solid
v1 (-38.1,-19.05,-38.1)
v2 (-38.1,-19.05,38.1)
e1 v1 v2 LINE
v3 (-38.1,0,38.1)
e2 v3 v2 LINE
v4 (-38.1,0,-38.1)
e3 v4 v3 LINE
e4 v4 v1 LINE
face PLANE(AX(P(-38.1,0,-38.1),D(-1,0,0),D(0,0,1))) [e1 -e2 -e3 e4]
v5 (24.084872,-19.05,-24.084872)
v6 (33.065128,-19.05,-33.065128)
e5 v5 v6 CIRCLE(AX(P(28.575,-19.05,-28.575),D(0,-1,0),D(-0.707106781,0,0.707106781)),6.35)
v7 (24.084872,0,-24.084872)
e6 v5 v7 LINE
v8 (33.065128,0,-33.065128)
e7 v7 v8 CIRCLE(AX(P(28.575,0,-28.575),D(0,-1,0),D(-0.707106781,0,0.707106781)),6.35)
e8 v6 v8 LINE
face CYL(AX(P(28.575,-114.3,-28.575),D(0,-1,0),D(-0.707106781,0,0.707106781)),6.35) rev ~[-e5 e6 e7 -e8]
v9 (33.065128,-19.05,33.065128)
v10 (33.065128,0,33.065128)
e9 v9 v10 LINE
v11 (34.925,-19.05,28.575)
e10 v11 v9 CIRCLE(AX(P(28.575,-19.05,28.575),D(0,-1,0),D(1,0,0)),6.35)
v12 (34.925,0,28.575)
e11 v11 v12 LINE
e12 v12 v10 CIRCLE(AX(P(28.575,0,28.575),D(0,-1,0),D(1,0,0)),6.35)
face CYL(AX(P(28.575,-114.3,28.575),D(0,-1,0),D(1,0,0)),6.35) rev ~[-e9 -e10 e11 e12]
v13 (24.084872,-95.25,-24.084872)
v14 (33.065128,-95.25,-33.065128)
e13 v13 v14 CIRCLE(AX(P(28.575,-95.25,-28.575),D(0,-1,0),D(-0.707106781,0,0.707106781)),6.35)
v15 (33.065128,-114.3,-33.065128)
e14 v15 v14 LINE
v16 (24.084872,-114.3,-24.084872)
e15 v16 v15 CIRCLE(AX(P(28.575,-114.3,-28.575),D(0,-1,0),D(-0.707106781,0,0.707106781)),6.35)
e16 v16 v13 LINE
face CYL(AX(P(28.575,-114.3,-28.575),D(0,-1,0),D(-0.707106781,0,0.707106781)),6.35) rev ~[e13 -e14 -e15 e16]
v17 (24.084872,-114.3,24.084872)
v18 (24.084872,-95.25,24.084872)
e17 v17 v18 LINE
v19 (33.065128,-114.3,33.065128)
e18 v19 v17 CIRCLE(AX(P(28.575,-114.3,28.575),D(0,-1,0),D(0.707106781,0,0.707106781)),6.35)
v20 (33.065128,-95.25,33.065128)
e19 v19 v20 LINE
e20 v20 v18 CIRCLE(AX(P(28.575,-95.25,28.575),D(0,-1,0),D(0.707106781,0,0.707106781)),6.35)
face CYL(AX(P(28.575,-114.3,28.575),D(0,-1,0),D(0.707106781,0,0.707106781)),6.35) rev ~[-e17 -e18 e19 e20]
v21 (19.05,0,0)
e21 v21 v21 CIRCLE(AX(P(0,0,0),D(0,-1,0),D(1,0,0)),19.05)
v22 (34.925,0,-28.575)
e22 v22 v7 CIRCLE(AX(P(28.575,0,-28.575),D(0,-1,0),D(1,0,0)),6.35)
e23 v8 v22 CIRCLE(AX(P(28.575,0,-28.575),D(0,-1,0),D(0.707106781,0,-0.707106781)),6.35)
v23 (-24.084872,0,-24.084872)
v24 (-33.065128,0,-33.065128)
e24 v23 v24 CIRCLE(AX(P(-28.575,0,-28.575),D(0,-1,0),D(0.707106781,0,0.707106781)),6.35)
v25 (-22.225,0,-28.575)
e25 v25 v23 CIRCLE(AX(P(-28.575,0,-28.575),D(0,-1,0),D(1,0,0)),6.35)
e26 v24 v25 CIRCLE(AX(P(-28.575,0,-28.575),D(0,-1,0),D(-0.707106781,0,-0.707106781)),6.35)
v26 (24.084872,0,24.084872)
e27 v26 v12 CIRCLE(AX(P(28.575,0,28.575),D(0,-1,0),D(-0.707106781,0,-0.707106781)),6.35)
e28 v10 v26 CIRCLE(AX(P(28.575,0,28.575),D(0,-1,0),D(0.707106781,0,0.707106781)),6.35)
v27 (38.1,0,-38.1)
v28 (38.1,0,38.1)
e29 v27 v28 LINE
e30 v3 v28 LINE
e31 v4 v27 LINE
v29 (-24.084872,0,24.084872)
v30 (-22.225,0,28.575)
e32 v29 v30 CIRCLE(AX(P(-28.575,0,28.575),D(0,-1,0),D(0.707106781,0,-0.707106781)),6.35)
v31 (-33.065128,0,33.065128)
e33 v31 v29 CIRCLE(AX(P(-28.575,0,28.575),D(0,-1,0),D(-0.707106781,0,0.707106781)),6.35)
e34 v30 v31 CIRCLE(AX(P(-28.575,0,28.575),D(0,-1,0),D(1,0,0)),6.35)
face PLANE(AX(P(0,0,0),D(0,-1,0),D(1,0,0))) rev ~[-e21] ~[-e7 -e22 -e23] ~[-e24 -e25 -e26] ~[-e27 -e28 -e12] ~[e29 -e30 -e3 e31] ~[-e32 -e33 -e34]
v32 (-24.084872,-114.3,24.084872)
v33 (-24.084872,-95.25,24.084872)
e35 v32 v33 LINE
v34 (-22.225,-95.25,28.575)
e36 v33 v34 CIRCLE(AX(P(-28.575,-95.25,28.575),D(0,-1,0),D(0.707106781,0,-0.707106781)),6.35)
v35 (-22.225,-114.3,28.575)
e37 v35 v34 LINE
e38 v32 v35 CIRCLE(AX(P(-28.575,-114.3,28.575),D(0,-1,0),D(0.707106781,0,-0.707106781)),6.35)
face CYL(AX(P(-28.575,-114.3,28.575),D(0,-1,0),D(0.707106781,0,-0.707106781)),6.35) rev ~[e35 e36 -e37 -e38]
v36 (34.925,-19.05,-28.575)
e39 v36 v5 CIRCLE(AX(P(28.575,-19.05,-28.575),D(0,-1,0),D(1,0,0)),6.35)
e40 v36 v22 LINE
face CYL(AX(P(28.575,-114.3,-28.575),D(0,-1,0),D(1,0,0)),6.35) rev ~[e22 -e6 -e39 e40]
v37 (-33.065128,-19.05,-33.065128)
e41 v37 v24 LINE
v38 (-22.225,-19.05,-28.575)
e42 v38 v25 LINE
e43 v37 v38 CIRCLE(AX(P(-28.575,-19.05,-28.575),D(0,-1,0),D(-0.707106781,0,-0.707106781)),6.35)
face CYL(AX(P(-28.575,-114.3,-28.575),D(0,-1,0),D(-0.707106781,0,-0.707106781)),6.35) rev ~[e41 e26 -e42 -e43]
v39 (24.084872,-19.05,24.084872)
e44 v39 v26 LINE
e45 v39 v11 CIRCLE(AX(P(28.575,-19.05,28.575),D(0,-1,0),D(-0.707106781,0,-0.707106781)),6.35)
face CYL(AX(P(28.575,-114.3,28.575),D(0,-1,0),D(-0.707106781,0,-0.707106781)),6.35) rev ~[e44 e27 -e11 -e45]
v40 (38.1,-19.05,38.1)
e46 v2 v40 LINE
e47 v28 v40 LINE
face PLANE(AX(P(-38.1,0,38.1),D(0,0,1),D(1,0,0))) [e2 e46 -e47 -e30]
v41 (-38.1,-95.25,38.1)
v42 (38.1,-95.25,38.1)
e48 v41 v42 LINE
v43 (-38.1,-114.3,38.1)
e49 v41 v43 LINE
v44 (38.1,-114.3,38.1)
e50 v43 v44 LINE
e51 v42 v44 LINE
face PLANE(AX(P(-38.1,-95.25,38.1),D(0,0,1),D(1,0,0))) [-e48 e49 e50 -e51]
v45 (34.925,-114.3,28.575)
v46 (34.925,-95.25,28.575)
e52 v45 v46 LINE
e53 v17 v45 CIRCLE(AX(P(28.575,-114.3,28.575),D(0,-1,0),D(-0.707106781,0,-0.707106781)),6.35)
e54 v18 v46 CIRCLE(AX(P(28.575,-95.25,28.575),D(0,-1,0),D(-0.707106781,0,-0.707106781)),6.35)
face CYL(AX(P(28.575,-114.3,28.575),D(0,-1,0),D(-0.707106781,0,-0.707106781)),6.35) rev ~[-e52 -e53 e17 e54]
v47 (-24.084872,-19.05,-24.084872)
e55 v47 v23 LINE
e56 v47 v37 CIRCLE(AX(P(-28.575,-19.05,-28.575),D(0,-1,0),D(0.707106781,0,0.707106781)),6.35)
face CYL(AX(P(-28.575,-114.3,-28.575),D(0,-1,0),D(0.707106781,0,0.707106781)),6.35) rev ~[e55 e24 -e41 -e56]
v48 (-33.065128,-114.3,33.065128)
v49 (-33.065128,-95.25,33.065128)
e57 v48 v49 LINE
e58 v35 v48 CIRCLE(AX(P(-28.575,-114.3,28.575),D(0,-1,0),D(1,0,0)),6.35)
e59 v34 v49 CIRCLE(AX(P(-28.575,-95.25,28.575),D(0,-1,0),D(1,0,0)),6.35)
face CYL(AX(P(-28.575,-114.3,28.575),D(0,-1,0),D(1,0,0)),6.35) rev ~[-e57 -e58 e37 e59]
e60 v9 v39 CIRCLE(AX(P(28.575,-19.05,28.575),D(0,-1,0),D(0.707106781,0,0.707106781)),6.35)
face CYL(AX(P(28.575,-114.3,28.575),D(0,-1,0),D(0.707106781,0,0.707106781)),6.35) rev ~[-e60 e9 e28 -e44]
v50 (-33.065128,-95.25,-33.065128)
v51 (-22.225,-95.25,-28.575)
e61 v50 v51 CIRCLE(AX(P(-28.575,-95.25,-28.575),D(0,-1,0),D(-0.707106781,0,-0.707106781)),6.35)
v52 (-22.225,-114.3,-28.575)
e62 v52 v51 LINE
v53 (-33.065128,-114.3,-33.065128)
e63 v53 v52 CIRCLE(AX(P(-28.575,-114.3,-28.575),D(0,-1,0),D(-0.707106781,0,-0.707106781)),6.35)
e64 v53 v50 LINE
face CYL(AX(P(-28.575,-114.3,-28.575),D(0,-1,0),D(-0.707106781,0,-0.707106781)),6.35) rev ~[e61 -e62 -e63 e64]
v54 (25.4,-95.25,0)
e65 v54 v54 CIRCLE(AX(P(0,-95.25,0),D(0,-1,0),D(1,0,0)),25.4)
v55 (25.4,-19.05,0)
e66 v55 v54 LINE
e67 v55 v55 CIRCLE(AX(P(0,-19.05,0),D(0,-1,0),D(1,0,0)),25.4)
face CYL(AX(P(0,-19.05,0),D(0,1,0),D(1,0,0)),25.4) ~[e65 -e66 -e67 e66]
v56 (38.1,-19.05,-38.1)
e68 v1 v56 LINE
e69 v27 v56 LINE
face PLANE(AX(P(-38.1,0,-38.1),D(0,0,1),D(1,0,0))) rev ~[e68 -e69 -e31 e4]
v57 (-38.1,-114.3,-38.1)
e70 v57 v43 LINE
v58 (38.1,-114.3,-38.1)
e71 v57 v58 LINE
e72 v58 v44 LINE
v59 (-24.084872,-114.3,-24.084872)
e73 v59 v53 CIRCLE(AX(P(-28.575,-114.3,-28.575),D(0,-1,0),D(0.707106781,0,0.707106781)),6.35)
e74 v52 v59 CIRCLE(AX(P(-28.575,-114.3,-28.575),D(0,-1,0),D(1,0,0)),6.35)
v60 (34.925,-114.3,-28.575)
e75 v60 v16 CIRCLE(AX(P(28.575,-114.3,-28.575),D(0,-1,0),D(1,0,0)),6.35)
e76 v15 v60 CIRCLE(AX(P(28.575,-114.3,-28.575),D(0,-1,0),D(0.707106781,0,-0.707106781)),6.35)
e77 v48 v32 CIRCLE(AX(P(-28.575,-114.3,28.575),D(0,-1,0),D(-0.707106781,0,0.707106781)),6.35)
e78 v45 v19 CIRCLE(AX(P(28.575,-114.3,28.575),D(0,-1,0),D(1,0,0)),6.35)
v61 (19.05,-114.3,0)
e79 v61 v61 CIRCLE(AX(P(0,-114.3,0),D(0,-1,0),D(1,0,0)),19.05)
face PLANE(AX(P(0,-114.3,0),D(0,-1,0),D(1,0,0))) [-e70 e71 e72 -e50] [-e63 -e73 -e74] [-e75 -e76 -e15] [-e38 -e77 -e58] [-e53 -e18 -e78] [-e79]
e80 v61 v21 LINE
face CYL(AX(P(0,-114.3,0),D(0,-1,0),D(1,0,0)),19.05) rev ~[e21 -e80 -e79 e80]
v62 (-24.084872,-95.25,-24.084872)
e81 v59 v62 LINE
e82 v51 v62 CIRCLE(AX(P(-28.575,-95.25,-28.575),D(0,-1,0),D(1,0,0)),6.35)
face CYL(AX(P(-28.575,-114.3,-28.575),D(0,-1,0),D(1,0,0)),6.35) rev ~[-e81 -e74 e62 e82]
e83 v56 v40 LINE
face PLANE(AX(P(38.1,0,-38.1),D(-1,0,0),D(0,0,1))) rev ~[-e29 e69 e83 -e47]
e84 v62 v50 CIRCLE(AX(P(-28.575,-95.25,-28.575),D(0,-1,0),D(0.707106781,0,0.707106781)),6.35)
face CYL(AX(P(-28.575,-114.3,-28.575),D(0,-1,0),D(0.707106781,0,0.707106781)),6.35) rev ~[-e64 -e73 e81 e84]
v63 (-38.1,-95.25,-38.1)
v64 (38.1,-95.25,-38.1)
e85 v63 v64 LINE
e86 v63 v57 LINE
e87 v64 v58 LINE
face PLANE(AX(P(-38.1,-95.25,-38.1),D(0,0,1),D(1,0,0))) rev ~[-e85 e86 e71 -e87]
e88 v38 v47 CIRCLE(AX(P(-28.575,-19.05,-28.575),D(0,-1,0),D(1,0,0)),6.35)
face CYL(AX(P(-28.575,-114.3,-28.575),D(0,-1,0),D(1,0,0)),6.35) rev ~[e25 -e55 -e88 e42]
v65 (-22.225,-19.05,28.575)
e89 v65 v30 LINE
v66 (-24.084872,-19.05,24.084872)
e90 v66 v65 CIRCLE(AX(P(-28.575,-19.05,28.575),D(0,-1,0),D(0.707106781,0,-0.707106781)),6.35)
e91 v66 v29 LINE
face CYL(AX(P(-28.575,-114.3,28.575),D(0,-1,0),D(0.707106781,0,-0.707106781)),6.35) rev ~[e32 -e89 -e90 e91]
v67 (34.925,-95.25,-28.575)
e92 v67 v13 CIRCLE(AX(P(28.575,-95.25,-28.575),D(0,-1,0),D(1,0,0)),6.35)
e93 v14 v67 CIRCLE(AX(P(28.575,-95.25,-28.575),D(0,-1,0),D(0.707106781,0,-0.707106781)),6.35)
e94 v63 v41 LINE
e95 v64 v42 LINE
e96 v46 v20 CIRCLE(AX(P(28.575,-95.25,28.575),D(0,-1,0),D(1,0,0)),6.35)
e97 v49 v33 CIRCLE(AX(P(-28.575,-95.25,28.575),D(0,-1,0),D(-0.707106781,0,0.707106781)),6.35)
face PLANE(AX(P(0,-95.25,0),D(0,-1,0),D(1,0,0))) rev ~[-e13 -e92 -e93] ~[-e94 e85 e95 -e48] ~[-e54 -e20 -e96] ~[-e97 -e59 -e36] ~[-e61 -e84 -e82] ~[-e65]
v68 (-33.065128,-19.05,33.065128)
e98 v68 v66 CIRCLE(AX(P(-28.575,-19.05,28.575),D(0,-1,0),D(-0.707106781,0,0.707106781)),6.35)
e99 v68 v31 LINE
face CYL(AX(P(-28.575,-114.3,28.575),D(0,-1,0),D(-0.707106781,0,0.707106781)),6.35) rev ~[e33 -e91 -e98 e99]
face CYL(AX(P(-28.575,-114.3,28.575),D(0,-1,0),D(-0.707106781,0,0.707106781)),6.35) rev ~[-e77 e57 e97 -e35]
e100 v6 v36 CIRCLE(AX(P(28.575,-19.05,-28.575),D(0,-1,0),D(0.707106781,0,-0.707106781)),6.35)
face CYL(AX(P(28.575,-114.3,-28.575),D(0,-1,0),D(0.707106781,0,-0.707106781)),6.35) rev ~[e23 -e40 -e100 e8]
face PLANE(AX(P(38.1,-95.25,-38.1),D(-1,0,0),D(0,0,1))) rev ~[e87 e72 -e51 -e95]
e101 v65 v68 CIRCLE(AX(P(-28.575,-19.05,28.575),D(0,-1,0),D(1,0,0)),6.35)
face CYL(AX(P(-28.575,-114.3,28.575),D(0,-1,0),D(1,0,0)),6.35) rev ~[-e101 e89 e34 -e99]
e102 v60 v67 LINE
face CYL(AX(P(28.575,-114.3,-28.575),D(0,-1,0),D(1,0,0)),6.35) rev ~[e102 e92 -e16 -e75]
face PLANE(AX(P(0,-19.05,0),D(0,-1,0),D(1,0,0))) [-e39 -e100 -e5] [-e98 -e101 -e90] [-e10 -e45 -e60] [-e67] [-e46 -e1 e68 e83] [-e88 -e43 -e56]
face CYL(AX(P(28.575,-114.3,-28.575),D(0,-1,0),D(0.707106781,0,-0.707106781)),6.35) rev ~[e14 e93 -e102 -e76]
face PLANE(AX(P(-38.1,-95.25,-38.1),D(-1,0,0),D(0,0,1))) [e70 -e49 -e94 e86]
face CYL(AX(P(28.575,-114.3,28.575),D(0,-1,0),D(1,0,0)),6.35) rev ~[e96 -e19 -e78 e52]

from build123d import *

# Parameters (mm, degrees)
F0_W     = 76.2
F0_H     = 76.2
F1_DEPTH = 19.05
F2_R     = 25.4
F3_DEPTH = 76.2
F4_W     = 76.2
F4_H     = 76.2
F4_R     = 25.4
F5_DEPTH = 19.05
F6_R     = 19.05
F7_DEPTH = 114.301
F9_DEPTH = 114.301


with BuildPart() as f1:
    # F0 (on Front) → F1 (new body)
    with BuildSketch(Plane.XZ):
        Rectangle(F0_W, F0_H)
    extrude(amount=F1_DEPTH)

    # F2 (on face) → F3 (join)
    with BuildSketch(Plane.XZ.offset(19.05)):
        Circle(F2_R)
    extrude(amount=F3_DEPTH)

    # F4 (on face) → F5 (join)
    with BuildSketch(Plane.XZ.offset(95.25)):
        Rectangle(F4_W, F4_H)
        Circle(F4_R, mode=Mode.SUBTRACT)
        Circle(F4_R)
    extrude(amount=F5_DEPTH)

    # F6 (on face) → F7 (cut, through all)
    with BuildSketch(Plane.XZ.offset(114.3)):
        Circle(F6_R)
    extrude(amount=-F7_DEPTH, mode=Mode.SUBTRACT)

    # F8 (on face) → F9 (cut, through all)
    with BuildSketch(Plane.XZ.offset(114.3)):
        with BuildLine():
            Line((-24.0848719395, 24.0848719395), (-33.0651280605, 33.0651280605))
            ThreePointArc((-33.0651280605, 33.0651280605), (-33.0651280605, 24.0848719395), (-24.0848719395, 24.0848719395))
        make_face()
        with BuildLine():
            ThreePointArc((-22.225, 28.575), (-26.1449602045, 34.4416350314), (-33.0651280605, 33.0651280605))
            Line((-33.0651280605, 33.0651280605), (-24.0848719395, 24.0848719395))
            ThreePointArc((-24.0848719395, 24.0848719395), (-22.7083649686, 26.1449602045), (-22.225, 28.575))
        make_face()
        with BuildLine():
            Line((-24.0848719395, -24.0848719395), (-33.0651280605, -33.0651280605))
            ThreePointArc((-33.0651280605, -33.0651280605), (-26.1449602045, -34.4416350314), (-22.225, -28.575))
            ThreePointArc((-22.225, -28.575), (-22.7083649686, -26.1449602045), (-24.0848719395, -24.0848719395))
        make_face()
        with BuildLine():
            ThreePointArc((-24.0848719395, -24.0848719395), (-33.0651280605, -24.0848719395), (-33.0651280605, -33.0651280605))
            Line((-33.0651280605, -33.0651280605), (-24.0848719395, -24.0848719395))
        make_face()
        with BuildLine():
            ThreePointArc((24.0848719395, -24.0848719395), (24.0848719395, -33.0651280605), (33.0651280605, -33.0651280605))
            Line((33.0651280605, -33.0651280605), (24.0848719395, -24.0848719395))
        make_face()
        with BuildLine():
            Line((24.0848719395, -24.0848719395), (33.0651280605, -33.0651280605))
            ThreePointArc((33.0651280605, -33.0651280605), (34.4416350314, -31.0050397955), (34.925, -28.575))
            ThreePointArc((34.925, -28.575), (31.0050397955, -22.7083649686), (24.0848719395, -24.0848719395))
        make_face()
        with BuildLine():
            ThreePointArc((34.925, 28.575), (34.4416350314, 31.0050397955), (33.0651280605, 33.0651280605))
            Line((33.0651280605, 33.0651280605), (24.0848719395, 24.0848719395))
            ThreePointArc((24.0848719395, 24.0848719395), (31.0050397955, 22.7083649686), (34.925, 28.575))
        make_face()
        with BuildLine():
            Line((24.0848719395, 24.0848719395), (33.0651280605, 33.0651280605))
            ThreePointArc((33.0651280605, 33.0651280605), (24.0848719395, 33.0651280605), (24.0848719395, 24.0848719395))
        make_face()
    extrude(amount=-F9_DEPTH, mode=Mode.SUBTRACT)


solid = f1.part
